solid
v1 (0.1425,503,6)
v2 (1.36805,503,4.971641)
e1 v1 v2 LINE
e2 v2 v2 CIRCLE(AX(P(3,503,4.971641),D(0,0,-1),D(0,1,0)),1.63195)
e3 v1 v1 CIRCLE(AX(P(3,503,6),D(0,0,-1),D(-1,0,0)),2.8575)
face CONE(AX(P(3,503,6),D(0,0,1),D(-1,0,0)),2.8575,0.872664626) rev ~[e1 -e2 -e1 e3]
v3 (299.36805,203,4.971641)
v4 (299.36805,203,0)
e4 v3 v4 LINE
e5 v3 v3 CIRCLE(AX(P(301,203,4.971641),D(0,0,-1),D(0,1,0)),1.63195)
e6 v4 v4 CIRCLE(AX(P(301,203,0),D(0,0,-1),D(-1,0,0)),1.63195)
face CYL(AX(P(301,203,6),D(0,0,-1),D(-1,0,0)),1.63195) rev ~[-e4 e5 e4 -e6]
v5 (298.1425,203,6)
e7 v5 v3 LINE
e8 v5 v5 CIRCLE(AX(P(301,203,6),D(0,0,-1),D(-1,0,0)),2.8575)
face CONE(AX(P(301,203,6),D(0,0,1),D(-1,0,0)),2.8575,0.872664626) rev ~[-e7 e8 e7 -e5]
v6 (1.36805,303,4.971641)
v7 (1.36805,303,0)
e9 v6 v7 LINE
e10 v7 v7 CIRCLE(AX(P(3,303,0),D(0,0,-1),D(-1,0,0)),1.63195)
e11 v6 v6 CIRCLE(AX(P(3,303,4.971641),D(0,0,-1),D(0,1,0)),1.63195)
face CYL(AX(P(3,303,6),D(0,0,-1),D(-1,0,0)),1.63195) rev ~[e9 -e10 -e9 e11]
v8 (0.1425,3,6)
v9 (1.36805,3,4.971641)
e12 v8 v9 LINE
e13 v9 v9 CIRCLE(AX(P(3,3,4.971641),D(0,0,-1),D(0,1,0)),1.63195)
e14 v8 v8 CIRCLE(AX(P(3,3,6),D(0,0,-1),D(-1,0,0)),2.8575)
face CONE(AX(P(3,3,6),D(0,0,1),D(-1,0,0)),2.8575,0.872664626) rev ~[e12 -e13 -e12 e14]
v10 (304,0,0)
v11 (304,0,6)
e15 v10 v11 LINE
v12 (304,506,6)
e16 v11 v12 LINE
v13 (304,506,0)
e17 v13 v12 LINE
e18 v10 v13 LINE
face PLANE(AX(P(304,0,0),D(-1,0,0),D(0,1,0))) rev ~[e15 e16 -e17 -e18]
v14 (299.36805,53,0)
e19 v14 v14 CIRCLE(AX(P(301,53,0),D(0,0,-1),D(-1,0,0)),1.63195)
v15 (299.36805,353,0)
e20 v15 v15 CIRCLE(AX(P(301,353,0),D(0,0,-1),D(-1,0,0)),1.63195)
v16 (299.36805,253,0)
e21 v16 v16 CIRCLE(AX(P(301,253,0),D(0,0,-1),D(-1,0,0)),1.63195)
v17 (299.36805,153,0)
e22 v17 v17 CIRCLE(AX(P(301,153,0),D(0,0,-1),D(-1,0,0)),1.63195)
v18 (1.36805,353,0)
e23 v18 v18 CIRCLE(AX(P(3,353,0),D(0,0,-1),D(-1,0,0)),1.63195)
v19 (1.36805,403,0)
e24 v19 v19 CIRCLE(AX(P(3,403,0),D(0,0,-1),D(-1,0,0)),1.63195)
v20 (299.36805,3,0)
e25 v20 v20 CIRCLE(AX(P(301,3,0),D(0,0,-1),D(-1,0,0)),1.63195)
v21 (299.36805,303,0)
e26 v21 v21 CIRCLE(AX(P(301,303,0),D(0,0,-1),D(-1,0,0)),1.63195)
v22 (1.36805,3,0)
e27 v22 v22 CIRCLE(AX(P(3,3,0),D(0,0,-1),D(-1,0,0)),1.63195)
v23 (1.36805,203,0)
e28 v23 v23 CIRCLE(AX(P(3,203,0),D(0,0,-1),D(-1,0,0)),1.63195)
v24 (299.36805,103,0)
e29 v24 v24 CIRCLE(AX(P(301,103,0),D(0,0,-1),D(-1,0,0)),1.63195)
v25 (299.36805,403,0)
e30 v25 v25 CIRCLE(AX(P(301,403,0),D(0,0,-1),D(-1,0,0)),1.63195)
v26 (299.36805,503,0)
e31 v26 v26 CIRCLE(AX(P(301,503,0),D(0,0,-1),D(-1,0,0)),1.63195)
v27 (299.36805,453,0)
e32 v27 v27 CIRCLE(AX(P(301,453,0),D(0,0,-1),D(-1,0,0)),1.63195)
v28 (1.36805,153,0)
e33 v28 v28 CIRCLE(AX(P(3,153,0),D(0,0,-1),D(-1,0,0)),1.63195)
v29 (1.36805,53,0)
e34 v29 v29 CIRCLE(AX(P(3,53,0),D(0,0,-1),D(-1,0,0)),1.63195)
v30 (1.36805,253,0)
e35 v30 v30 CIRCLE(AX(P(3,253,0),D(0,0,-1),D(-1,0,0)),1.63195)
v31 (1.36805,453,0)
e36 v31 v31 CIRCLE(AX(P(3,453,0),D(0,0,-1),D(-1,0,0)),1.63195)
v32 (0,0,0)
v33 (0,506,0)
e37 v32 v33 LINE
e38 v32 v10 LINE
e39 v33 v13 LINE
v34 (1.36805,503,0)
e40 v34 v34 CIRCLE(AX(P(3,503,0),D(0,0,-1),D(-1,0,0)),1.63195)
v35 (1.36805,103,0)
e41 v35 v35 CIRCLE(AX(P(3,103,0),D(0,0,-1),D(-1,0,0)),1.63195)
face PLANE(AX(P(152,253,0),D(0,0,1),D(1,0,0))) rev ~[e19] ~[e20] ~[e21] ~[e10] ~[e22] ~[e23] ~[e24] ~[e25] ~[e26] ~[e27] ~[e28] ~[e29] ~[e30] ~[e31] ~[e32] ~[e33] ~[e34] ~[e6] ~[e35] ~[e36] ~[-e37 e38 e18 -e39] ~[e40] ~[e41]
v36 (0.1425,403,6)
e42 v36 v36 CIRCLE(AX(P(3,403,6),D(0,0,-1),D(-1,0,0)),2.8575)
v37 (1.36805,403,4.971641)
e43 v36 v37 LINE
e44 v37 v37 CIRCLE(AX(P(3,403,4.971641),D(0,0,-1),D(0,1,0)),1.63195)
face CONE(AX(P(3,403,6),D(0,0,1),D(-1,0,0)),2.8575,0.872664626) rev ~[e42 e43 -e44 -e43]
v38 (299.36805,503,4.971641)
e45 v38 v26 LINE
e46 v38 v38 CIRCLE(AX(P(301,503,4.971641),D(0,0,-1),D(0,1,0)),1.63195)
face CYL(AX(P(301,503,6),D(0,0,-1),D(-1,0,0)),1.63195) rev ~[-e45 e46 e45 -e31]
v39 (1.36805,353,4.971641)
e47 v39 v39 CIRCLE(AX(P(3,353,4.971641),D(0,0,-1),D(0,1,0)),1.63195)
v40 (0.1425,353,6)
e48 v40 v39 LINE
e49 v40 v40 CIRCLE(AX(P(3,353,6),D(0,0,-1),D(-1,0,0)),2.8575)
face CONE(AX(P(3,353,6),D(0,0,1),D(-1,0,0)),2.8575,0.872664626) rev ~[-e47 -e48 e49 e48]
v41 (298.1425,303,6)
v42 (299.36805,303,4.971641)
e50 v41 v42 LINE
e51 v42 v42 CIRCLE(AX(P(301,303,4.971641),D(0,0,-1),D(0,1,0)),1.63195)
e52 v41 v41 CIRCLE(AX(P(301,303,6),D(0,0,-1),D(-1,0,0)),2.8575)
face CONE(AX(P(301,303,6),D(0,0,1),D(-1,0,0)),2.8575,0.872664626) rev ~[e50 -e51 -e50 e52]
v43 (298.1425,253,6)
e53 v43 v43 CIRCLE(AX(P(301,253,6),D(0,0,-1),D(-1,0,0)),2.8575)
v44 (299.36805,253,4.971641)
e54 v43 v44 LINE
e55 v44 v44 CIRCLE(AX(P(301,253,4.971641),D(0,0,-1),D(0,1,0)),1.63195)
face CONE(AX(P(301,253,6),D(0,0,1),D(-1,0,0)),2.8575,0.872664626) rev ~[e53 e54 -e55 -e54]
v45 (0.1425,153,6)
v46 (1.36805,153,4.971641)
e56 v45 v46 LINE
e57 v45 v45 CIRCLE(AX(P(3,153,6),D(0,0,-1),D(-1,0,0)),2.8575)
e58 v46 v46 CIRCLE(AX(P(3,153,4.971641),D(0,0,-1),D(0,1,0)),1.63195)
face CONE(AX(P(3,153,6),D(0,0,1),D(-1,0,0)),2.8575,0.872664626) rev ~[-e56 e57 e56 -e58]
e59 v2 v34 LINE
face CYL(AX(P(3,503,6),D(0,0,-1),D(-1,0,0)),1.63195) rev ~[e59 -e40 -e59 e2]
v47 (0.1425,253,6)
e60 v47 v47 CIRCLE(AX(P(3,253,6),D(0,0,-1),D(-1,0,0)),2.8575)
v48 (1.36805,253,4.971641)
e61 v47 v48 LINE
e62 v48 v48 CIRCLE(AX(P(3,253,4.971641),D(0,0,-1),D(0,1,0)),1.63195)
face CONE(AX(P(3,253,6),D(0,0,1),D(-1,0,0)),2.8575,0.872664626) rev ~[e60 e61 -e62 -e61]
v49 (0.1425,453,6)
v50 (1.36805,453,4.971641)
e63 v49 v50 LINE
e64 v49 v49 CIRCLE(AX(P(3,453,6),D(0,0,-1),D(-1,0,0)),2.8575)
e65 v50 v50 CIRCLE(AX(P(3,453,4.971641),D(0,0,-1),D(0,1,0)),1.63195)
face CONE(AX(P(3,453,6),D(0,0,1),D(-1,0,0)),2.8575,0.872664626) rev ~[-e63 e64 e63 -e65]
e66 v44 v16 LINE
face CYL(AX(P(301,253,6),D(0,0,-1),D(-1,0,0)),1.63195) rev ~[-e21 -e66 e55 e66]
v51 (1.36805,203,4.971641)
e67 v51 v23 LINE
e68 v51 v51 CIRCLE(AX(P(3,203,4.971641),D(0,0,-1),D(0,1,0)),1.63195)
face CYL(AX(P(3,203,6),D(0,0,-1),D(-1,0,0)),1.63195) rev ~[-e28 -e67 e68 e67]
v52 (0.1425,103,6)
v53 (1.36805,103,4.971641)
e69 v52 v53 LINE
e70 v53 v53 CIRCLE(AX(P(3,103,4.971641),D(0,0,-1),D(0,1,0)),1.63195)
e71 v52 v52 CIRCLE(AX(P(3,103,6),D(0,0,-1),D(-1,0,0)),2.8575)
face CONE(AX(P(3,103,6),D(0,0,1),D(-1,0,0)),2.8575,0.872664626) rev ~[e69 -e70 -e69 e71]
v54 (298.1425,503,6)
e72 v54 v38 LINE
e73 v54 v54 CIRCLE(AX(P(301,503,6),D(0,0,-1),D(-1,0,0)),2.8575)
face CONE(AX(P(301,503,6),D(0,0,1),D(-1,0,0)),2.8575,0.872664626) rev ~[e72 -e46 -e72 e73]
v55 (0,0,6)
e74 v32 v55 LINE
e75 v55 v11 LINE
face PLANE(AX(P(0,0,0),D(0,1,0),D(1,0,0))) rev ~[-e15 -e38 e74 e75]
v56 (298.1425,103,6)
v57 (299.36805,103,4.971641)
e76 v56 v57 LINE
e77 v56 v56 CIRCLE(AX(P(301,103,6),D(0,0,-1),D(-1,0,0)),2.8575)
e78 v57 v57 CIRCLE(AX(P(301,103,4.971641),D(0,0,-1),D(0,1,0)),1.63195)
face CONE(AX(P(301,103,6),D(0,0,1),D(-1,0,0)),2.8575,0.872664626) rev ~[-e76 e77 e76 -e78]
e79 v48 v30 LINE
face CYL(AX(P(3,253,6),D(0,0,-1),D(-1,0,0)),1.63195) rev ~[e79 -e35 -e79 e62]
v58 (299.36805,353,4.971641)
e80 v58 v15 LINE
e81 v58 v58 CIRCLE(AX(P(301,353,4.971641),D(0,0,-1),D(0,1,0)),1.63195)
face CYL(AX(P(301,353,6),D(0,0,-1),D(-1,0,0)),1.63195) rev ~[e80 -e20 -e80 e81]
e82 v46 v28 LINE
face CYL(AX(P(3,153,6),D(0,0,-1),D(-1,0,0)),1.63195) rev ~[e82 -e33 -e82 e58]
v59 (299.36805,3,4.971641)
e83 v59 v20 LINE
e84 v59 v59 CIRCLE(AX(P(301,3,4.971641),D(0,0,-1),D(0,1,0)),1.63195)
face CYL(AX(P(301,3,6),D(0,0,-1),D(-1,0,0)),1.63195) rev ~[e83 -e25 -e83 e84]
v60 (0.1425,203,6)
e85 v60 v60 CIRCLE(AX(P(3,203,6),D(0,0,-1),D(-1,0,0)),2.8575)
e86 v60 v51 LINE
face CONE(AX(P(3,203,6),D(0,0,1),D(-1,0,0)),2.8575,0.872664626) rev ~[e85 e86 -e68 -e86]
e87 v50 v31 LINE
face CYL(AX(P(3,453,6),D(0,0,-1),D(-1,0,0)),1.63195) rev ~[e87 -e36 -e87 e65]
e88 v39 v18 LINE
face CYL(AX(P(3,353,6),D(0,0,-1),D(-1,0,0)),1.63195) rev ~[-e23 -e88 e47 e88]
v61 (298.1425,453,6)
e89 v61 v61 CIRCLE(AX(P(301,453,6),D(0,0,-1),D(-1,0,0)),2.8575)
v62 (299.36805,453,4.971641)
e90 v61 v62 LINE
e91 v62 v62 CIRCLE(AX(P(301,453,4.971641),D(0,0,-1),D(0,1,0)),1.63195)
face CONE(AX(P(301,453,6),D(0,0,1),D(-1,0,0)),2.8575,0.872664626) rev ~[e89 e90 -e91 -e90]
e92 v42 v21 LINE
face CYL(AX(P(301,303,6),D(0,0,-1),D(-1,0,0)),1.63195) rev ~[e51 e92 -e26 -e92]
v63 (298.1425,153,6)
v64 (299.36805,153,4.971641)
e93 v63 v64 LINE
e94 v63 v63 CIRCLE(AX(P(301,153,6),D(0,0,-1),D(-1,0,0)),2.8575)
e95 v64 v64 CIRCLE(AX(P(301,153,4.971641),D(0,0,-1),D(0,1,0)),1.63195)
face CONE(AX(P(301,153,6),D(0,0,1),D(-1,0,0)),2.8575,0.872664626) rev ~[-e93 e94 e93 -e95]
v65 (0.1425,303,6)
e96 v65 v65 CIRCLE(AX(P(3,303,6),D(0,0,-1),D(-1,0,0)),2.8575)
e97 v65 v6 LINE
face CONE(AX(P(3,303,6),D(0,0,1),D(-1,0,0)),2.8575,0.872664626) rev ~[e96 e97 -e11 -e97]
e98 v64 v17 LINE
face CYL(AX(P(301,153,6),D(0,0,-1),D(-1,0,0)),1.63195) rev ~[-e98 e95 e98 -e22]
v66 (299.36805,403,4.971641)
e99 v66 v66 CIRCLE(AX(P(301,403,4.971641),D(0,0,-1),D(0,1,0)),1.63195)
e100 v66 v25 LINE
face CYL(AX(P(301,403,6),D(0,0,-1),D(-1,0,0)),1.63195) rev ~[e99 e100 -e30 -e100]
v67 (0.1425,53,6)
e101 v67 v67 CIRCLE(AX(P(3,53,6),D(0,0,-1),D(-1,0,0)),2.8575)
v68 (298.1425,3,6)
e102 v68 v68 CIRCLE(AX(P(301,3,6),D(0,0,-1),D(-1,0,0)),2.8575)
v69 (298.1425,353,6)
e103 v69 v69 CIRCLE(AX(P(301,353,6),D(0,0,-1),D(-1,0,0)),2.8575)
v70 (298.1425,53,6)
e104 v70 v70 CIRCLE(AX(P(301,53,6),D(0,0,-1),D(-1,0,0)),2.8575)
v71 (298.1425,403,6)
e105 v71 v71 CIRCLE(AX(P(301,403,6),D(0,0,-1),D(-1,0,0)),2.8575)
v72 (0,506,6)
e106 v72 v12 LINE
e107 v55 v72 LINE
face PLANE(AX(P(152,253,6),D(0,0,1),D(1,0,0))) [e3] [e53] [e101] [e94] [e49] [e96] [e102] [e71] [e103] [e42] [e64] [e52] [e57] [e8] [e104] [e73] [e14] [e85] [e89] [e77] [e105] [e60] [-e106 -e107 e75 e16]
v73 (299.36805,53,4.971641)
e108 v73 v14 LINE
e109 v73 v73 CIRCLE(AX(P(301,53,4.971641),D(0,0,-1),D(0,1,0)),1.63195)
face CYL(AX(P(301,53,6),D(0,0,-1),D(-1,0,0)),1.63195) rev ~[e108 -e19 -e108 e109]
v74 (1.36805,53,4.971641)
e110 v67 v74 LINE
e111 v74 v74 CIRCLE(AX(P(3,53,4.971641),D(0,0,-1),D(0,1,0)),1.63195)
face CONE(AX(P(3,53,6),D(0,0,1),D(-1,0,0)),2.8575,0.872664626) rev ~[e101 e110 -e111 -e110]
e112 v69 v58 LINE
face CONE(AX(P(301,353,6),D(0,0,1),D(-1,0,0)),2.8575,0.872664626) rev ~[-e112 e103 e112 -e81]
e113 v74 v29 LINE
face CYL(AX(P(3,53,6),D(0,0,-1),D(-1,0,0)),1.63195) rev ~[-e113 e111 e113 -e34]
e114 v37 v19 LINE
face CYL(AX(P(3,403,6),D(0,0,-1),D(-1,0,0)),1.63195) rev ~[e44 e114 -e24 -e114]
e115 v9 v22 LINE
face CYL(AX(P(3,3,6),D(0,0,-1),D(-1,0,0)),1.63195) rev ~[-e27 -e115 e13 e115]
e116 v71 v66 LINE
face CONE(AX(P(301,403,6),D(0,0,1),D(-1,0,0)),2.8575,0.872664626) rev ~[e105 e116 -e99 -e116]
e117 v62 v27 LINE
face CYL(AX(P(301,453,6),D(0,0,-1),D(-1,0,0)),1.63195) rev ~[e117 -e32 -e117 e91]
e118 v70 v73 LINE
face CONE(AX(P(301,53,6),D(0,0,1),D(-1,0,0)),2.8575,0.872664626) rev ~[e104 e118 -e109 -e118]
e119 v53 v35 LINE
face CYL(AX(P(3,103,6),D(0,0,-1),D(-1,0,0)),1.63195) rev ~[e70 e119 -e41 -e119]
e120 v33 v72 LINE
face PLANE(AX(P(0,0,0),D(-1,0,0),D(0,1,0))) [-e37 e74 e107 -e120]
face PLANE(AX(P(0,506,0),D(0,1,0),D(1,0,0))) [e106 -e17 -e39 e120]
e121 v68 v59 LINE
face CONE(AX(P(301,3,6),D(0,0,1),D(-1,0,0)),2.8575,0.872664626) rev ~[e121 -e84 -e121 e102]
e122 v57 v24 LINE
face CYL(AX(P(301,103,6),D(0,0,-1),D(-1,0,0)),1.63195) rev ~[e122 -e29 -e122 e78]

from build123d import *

# Parameters (mm, degrees)
SKETCH1_W                                         = 304
SKETCH1_H                                         = 506
BOSS_EXTRUDE1_DEPTH                               = 6
CSK_FOR_4_FLAT_HEAD_MACHINE_SCREW_100_D           = 3.2639
CSK_FOR_4_FLAT_HEAD_MACHINE_SCREW_100_CSINK_D     = 5.715
CSK_FOR_4_FLAT_HEAD_MACHINE_SCREW_100_CSINK_ANGLE = 100


with BuildPart() as part:
    # Sketch1 → Boss-Extrude1 (new body)
    with BuildSketch(Plane.XY):
        with Locations((152, 253)):
            Rectangle(SKETCH1_W, SKETCH1_H)
    extrude(amount=BOSS_EXTRUDE1_DEPTH)

    # CSK for #4 Flat Head Machine Screw (100)1 (through all)
    with Locations(Plane.XY.offset(6)):
        with Locations((3, 503), (3, 3), (3, 253), (3, 303), (3, 353), (3, 403), (3, 453), (3, 203), (3, 153), (3, 103), (3, 53), (301, 503), (301, 453), (301, 403), (301, 353), (301, 303), (301, 253), (301, 203), (301, 153), (301, 103), (301, 53), (301, 3)):
            CounterSinkHole(CSK_FOR_4_FLAT_HEAD_MACHINE_SCREW_100_D / 2, CSK_FOR_4_FLAT_HEAD_MACHINE_SCREW_100_CSINK_D / 2, counter_sink_angle=CSK_FOR_4_FLAT_HEAD_MACHINE_SCREW_100_CSINK_ANGLE)


solid = part.part
